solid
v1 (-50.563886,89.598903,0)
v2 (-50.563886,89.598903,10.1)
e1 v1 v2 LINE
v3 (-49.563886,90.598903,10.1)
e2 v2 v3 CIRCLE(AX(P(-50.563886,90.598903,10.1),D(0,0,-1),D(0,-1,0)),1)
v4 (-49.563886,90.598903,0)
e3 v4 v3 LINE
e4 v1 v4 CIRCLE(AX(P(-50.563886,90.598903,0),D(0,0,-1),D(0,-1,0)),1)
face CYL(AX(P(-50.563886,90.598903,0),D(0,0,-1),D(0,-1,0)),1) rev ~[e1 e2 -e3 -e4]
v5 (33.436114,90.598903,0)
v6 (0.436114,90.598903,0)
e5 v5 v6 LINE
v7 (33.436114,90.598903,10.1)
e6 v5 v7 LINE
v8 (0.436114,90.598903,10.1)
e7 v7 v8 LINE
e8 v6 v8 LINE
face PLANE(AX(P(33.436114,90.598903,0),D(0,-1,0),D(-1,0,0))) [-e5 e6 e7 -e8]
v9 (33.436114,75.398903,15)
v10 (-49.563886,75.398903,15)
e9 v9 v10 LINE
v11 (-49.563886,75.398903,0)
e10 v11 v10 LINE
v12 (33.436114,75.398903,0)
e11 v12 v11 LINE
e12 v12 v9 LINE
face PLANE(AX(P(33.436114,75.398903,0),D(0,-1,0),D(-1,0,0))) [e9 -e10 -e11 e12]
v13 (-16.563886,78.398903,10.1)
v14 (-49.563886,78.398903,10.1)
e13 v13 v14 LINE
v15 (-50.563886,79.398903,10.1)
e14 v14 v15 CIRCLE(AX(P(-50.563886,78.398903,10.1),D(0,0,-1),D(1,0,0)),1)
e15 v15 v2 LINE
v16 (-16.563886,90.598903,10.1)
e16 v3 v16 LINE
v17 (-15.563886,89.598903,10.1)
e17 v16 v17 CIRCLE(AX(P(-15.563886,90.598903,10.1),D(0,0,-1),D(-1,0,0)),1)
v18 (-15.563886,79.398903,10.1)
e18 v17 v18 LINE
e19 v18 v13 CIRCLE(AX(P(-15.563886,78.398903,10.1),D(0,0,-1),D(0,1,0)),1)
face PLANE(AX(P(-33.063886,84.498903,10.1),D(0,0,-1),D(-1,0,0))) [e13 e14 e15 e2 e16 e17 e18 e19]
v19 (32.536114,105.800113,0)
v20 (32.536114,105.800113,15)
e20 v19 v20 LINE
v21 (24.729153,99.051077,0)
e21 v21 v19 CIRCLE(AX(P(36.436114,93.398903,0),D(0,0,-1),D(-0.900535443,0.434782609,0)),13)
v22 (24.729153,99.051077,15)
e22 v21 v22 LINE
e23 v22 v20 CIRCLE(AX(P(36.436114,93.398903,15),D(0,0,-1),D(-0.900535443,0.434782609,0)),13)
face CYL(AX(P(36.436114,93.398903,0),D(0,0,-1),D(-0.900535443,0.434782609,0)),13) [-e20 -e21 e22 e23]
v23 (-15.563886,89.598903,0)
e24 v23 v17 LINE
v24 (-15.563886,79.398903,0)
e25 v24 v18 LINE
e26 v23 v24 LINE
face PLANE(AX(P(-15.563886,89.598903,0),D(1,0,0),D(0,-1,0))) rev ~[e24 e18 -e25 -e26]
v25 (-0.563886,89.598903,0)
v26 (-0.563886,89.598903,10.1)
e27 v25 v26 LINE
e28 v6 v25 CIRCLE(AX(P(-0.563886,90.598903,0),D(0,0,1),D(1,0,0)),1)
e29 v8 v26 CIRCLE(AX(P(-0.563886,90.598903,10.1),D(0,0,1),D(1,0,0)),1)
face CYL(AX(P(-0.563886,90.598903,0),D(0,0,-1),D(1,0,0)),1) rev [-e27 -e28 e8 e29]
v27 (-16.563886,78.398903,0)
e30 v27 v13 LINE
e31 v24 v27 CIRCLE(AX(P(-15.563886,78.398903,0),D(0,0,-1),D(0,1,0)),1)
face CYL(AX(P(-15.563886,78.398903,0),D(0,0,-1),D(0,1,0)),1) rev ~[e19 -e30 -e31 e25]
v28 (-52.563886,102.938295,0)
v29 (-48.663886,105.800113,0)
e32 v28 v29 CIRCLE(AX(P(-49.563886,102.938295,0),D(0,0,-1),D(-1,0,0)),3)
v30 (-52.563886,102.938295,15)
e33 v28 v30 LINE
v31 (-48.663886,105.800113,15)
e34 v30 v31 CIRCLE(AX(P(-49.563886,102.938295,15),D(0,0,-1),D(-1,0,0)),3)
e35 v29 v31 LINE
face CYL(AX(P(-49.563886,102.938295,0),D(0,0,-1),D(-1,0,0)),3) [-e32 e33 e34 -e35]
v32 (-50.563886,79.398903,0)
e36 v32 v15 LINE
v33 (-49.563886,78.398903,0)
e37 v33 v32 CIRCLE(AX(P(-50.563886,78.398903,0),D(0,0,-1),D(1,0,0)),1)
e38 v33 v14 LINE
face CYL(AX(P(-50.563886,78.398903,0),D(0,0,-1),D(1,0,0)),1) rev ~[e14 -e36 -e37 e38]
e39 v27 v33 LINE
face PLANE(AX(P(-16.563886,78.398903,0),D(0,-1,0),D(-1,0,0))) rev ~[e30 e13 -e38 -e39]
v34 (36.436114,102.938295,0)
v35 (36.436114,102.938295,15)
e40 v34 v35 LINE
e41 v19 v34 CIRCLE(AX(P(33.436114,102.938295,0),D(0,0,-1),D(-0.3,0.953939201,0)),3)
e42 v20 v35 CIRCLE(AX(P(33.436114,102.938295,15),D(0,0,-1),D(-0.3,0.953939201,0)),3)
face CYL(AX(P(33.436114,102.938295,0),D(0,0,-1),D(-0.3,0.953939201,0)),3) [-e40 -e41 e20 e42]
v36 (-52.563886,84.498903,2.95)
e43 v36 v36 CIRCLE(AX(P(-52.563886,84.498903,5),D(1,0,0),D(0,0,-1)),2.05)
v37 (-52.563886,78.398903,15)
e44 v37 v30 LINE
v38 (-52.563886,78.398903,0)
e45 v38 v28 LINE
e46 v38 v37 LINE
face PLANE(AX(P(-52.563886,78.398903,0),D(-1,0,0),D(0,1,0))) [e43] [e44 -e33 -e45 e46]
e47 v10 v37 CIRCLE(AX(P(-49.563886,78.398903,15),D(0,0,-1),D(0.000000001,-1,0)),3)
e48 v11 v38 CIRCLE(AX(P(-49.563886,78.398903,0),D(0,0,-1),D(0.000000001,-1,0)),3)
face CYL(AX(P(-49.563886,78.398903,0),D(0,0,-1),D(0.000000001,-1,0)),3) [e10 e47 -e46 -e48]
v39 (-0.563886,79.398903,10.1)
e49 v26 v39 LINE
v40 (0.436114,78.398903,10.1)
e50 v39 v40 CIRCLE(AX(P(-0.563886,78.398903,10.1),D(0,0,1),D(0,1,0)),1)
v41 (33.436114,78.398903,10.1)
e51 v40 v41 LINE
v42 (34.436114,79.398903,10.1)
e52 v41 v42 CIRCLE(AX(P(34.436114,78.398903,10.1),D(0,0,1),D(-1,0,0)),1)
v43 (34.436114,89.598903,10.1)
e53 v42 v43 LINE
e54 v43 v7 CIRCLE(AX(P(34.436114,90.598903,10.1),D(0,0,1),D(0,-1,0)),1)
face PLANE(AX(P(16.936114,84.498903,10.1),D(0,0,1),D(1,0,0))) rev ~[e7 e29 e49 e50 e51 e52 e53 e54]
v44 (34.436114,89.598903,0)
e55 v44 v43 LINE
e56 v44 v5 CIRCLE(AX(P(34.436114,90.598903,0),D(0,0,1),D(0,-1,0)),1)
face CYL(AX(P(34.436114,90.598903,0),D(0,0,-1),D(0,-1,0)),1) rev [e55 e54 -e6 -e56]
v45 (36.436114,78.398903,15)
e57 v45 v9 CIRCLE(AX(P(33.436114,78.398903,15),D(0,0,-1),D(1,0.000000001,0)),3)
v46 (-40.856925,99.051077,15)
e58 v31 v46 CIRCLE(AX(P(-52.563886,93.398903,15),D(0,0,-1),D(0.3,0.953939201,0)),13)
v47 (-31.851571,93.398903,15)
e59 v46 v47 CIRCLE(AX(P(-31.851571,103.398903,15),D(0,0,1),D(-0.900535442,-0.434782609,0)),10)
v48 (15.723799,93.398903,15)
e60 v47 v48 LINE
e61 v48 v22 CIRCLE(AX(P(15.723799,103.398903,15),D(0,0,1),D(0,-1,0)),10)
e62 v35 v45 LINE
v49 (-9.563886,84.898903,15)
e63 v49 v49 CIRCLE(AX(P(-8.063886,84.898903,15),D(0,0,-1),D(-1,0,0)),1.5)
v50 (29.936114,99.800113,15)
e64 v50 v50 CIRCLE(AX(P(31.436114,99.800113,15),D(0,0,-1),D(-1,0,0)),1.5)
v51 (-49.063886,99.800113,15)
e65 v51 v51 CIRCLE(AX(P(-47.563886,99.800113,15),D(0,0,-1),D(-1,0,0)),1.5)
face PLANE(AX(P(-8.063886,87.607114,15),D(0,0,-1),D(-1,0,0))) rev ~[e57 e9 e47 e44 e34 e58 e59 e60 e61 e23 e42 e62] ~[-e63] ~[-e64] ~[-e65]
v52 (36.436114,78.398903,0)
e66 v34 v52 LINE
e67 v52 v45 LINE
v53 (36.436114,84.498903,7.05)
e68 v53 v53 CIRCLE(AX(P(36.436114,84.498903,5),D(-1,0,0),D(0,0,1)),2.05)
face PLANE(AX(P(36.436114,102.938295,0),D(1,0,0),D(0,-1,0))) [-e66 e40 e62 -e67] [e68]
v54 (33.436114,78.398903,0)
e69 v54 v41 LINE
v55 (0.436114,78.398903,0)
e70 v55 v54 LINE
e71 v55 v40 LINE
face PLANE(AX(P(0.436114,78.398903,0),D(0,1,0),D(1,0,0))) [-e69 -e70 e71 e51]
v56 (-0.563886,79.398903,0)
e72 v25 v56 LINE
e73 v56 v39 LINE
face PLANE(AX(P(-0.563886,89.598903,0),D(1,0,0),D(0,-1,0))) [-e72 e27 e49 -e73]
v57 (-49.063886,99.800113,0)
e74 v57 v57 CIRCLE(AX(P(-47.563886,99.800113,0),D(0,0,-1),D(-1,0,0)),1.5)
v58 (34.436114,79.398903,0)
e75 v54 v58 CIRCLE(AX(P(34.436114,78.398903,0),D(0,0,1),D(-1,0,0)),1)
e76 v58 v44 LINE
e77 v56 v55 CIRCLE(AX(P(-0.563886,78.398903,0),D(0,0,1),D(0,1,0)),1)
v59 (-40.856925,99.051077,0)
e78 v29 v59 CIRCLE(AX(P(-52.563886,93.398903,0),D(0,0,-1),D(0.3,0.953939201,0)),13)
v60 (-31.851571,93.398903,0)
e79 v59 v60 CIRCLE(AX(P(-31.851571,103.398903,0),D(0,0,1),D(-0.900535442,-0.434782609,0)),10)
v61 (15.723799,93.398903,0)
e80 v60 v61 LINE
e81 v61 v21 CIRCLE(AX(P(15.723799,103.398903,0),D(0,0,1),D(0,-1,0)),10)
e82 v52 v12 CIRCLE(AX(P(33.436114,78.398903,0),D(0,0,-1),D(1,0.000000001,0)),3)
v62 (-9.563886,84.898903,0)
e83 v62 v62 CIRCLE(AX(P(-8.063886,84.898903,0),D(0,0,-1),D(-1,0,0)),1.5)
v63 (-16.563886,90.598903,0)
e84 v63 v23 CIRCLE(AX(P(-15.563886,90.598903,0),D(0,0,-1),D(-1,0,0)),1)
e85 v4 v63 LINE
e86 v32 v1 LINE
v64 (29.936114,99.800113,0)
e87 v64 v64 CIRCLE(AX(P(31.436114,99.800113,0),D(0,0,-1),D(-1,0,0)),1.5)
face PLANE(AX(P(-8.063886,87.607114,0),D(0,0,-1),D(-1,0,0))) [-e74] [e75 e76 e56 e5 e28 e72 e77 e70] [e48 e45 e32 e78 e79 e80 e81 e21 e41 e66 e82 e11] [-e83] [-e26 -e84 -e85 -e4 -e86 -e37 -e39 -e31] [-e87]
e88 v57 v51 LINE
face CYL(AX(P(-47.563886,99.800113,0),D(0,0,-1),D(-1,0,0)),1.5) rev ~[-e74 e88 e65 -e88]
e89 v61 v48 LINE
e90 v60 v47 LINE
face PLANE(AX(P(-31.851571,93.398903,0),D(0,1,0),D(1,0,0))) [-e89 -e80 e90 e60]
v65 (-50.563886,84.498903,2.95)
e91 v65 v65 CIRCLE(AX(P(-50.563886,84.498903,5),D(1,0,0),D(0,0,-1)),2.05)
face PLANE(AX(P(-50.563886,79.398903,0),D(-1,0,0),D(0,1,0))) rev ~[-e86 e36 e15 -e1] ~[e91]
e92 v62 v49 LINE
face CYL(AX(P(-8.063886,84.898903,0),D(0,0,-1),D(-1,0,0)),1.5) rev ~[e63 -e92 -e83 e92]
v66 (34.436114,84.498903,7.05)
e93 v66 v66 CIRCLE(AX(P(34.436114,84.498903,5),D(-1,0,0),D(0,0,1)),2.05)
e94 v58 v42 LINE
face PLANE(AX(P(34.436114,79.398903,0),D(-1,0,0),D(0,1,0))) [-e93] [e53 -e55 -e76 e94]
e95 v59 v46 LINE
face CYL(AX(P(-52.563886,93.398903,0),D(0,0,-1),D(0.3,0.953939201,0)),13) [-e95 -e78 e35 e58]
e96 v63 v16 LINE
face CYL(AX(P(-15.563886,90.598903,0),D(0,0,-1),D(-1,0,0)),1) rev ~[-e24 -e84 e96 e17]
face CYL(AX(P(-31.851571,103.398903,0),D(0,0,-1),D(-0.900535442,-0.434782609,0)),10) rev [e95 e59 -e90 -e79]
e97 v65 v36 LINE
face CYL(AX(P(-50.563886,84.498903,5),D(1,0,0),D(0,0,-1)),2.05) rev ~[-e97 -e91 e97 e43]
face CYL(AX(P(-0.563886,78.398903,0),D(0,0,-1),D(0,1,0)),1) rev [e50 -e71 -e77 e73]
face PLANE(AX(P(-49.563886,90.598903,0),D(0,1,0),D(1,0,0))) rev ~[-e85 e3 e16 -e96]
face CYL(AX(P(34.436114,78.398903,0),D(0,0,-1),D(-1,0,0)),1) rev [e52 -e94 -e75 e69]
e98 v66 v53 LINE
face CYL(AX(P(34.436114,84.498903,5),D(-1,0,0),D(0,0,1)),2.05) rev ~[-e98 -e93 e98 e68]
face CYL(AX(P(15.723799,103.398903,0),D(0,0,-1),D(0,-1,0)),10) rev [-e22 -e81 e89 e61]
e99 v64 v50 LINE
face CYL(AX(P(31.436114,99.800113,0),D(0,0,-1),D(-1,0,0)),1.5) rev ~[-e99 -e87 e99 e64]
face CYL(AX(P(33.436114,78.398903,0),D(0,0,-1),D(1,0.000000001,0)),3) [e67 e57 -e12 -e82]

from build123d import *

# Parameters (mm, degrees)
RESSALTO_EXTRUS_O3_DEPTH = 15
CORTE_EXTRUS_O1_DEPTH    = 10.1
ESBO_O3_R                = 1.5
CORTE_EXTRUS_O2_DEPTH    = 16
ESBO_O4_R                = 2.05
CORTE_EXTRUS_O3_DEPTH    = 3
ESBO_O5_R                = 2.05
CORTE_EXTRUS_O4_DEPTH    = 3


with BuildPart() as part:
    # Esboço1 → Ressalto-extrusão3 (new body)
    with BuildSketch(Plane.XY):
        with BuildLine():
            Line((33.436114051, 75.398903013), (-49.563885949, 75.398903013))
            ThreePointArc((-49.563885949, 75.398903013), (-51.685206293, 76.277582669), (-52.563885949, 78.398903013))
            Line((-52.563885949, 78.398903013), (-52.563885949, 93.398903013))
            Line((-52.563885949, 93.398903013), (-52.563885949, 102.938295027))
            ThreePointArc((-52.563885949, 102.938295027), (-51.338709884, 105.356972352), (-48.663885949, 105.800112631))
            ThreePointArc((-48.663885949, 105.800112631), (-44.062022817, 103.23345045), (-40.856925197, 99.051076926))
            ThreePointArc((-40.856925197, 99.051076926), (-37.167666102, 94.929007474), (-31.851570772, 93.398903013))
            Line((-31.851570772, 93.398903013), (-27.063885949, 93.398903013))
            Line((-27.063885949, 93.398903013), (10.936114051, 93.398903013))
            Line((10.936114051, 93.398903013), (15.723798874, 93.398903013))
            ThreePointArc((15.723798874, 93.398903013), (21.039894205, 94.929007474), (24.729153299, 99.051076926))
            ThreePointArc((24.729153299, 99.051076926), (27.934250919, 103.23345045), (32.536114051, 105.800112631))
            ThreePointArc((32.536114051, 105.800112631), (35.210937986, 105.356972352), (36.436114051, 102.938295027))
            Line((36.436114051, 102.938295027), (36.436114051, 93.398903013))
            Line((36.436114051, 93.398903013), (36.436114051, 78.398903013))
            ThreePointArc((36.436114051, 78.398903013), (35.557434395, 76.277582669), (33.436114051, 75.398903013))
        make_face()
    extrude(amount=RESSALTO_EXTRUS_O3_DEPTH)

    # Esboço2 → Corte-extrusão1 (cut)
    with BuildSketch(Plane(origin=(0, 0, 0), x_dir=(-1, 0, 0), z_dir=(0, 0, -1))):
        with BuildLine():
            Line((15.563885949, 89.598903013), (15.563885949, 79.398903013))
            ThreePointArc((15.563885949, 79.398903013), (14.856779168, 77.691796232), (16.563885949, 78.398903013))
            Line((16.563885949, 78.398903013), (49.563885949, 78.398903013))
            ThreePointArc((49.563885949, 78.398903013), (51.27099273, 77.691796232), (50.563885949, 79.398903013))
            Line((50.563885949, 79.398903013), (50.563885949, 89.598903013))
            ThreePointArc((50.563885949, 89.598903013), (51.27099273, 91.306009794), (49.563885949, 90.598903013))
            Line((49.563885949, 90.598903013), (16.563885949, 90.598903013))
            ThreePointArc((16.563885949, 90.598903013), (14.856779168, 91.306009794), (15.563885949, 89.598903013))
        make_face()
        with BuildLine():
            Line((-33.436114051, 90.598903013), (-0.436114051, 90.598903013))
            ThreePointArc((-0.436114051, 90.598903013), (1.27099273, 91.306009794), (0.563885949, 89.598903013))
            Line((0.563885949, 89.598903013), (0.563885949, 79.398903013))
            ThreePointArc((0.563885949, 79.398903013), (1.27099273, 77.691796232), (-0.436114051, 78.398903013))
            Line((-0.436114051, 78.398903013), (-33.436114051, 78.398903013))
            ThreePointArc((-33.436114051, 78.398903013), (-35.143220832, 77.691796232), (-34.436114051, 79.398903013))
            Line((-34.436114051, 79.398903013), (-34.436114051, 89.598903013))
            ThreePointArc((-34.436114051, 89.598903013), (-35.143220832, 91.306009794), (-33.436114051, 90.598903013))
        make_face()
    extrude(amount=-CORTE_EXTRUS_O1_DEPTH, mode=Mode.SUBTRACT)

    # Esboço3 → Corte-extrusão2 (cut, through all)
    with BuildSketch(Plane(origin=(0, 0, 0), x_dir=(-1, 0, 0), z_dir=(0, 0, -1))):
        with Locations((-31.436114051, 99.800112631)):
            Circle(ESBO_O3_R)
        with Locations((47.563885949, 99.800112631)):
            Circle(ESBO_O3_R)
        with Locations((8.063885949, 84.898903013)):
            Circle(ESBO_O3_R)
    extrude(amount=-CORTE_EXTRUS_O2_DEPTH, mode=Mode.SUBTRACT)

    # Esboço4 → Corte-extrusão3 (cut, through all)
    with BuildSketch(Plane.ZY.offset(-34.436114051)):
        with Locations((5, 84.498903013)):
            Circle(ESBO_O4_R)
    extrude(amount=-CORTE_EXTRUS_O3_DEPTH, mode=Mode.SUBTRACT)

    # Esboço5 → Corte-extrusão4 (cut, through all)
    with BuildSketch(Plane(origin=(-50.563885949, 0, 0), x_dir=(0, 0, -1), z_dir=(1, 0, 0))):
        with Locations((-5, 84.498903013)):
            Circle(ESBO_O5_R)
    extrude(amount=-CORTE_EXTRUS_O4_DEPTH, mode=Mode.SUBTRACT)


solid = part.part
